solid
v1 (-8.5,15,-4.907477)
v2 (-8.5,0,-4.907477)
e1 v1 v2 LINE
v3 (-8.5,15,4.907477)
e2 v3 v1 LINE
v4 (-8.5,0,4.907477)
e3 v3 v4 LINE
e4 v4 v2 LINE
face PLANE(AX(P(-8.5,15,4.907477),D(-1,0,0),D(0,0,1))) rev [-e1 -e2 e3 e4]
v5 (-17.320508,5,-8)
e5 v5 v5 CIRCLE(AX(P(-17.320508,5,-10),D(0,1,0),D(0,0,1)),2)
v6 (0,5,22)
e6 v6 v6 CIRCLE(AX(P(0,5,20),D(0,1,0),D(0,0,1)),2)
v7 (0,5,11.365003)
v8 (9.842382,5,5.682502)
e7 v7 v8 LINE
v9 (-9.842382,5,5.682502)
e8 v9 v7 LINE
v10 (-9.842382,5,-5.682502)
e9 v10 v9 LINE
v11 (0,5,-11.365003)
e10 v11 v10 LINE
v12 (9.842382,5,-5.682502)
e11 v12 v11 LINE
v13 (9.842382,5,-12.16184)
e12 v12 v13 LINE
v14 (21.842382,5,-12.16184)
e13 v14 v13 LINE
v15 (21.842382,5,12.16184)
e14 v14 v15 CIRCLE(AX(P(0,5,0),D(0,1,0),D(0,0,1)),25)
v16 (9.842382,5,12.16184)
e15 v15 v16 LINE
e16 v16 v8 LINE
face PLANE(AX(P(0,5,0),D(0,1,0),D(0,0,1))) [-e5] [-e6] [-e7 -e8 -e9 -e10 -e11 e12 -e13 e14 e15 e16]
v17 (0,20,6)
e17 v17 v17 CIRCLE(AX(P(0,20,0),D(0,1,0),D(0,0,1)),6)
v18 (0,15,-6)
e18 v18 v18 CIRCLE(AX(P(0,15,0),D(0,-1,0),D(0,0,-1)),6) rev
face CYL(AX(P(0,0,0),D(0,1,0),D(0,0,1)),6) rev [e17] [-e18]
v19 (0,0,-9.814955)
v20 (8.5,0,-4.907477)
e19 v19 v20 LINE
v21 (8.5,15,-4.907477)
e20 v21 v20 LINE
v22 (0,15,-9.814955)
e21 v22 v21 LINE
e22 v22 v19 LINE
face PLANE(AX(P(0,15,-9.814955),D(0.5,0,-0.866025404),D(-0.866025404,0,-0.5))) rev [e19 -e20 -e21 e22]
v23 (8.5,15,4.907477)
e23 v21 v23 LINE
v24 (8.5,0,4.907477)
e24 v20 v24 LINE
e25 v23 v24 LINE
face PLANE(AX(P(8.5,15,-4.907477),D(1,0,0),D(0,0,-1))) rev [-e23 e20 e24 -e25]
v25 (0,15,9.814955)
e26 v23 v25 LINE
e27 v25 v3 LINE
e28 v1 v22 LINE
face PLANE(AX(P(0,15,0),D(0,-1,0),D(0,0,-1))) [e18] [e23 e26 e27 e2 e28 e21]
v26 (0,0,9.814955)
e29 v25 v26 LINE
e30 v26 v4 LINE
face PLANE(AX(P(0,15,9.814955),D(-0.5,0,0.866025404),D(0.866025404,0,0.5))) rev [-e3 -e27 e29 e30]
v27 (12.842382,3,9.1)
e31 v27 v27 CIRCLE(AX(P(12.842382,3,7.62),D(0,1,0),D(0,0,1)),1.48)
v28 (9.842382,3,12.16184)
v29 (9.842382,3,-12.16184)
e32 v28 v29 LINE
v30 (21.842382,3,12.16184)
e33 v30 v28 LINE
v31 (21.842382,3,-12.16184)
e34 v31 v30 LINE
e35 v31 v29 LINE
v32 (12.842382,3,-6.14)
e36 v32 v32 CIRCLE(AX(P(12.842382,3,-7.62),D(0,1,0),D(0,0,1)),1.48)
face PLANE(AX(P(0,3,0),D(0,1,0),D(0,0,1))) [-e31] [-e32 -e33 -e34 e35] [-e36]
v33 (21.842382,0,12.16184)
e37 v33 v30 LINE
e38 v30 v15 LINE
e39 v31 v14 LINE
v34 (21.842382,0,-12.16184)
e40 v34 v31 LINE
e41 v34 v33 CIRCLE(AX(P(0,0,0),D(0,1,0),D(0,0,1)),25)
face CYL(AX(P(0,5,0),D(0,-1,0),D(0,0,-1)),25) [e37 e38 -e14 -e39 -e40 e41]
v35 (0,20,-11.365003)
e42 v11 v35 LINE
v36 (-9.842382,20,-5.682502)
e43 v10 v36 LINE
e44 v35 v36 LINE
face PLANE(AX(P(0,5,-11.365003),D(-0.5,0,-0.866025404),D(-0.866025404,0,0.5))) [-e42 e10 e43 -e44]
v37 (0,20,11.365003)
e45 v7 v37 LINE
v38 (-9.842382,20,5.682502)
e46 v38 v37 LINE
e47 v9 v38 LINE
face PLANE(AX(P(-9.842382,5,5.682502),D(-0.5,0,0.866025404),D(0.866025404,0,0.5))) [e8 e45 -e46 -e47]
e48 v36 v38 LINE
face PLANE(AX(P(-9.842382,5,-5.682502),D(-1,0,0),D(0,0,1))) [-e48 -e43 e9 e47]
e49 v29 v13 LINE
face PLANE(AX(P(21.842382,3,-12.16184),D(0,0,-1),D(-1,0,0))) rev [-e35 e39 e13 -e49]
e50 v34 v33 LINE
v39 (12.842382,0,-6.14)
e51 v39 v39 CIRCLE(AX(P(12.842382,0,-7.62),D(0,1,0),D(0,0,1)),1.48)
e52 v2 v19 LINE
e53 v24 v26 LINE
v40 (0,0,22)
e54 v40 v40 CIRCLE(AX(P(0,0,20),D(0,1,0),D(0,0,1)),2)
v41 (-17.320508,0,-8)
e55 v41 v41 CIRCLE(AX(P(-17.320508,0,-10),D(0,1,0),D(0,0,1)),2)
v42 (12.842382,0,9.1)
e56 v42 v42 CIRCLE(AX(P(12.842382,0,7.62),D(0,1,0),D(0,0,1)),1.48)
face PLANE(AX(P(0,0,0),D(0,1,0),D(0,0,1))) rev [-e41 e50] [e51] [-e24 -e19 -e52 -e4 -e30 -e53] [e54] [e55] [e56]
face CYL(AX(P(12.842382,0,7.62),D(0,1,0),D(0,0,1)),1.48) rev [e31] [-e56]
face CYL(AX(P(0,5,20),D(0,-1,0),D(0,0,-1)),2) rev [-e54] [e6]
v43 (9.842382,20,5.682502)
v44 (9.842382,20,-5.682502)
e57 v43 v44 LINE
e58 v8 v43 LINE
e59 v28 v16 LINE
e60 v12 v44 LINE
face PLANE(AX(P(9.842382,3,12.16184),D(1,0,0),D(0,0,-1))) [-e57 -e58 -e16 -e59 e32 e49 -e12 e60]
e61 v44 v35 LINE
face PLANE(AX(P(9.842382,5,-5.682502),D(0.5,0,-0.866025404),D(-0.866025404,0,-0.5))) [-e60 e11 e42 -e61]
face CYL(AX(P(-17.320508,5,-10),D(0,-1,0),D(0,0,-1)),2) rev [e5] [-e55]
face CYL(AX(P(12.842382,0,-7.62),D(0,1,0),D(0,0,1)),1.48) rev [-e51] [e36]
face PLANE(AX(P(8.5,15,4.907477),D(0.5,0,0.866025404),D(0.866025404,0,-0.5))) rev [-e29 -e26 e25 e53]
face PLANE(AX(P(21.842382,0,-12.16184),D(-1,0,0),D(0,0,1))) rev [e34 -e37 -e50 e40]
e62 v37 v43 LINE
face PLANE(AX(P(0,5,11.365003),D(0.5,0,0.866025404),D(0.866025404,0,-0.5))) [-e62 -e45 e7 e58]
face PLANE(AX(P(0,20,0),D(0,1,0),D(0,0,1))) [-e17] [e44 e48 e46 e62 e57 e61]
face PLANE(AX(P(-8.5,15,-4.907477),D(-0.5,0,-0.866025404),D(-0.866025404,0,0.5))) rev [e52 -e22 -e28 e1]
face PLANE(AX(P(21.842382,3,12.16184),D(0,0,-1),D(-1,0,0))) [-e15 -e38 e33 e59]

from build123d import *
from build123d.topology import SkipClean

# Parameters (mm, degrees)
SKETCH_1_R           = 25
SKETCH_1_R_2         = 2
SKETCH_1_R_3         = 15
EXTRUDE_1_DEPTH      = 5
EXTRUDE_START        = -5
EXTRUDE_2_DEPTH      = 5
CUT_EXTRUDE_START    = -5
SKETCH_3_R           = 1.48
CUT_EXTRUDE_1_DEPTH  = 5
SKETCH_4_W           = 8.547618338
SKETCH_4_H           = 20.32
SKETCH_4_R           = 1.48
SKETCH_4_R_2         = 1.532611102
EXTRUDE_3_DEPTH      = 25
SKETCH_5_R           = 1.48
EXTRUDE_4_DEPTH      = 15
SKETCH_6_W           = 8.547618338
SKETCH_6_H           = 20.32
CUT_EXTRUDE_2_DEPTH  = 10
CUT_EXTRUDE_START_2  = -15
SKETCH_7_R           = 1.48
SKETCH_7_R_2         = 1.532611102
CUT_EXTRUDE_3_DEPTH  = 15
EXTRUDE_5_DEPTH      = 15
SKETCH_9_W           = 8.547618338
SKETCH_9_H           = 20.32
CUT_EXTRUDE_4_DEPTH  = 20
SKETCH_10_W          = 8.54761834
SKETCH_10_H          = 20.32
EXTRUDE_6_DEPTH      = 10
EXTRUDE_7_DEPTH      = 5
CUT_EXTRUDE_5_DEPTH  = 30
SKETCH_13_R          = 15
SKETCH_13_R_2        = 6.5
EXTRUDE_8_DEPTH      = 5
SKETCH_14_R          = 1.48
CUT_EXTRUDE_6_DEPTH  = 5
SKETCH_15_W          = 14.772216158
SKETCH_15_H          = 22.255287634
CUT_EXTRUDE_7_DEPTH  = 15
SKETCH_16_R          = 6.5
SKETCH_16_R_2        = 6
EXTRUDE_9_DEPTH      = 5
CUT_EXTRUDE_START_3  = -2
SKETCH_17_W          = 6.857896117
SKETCH_17_H          = 20.32
SKETCH_17_R          = 1.48
CUT_EXTRUDE_8_DEPTH  = 2
CUT_EXTRUDE_9_DEPTH  = 2
SKETCH_19_W          = 12
SKETCH_19_H          = 24.323680916
CUT_EXTRUDE_10_DEPTH = 2
EXTRUDE_START_2      = -3
SKETCH_20_R          = 2
EXTRUDE_10_DEPTH     = 3
SKETCH_21_R          = 1.48
CUT_EXTRUDE_11_DEPTH = 3
SKETCH_22_W          = 10.536991634
SKETCH_22_H          = 24.323680916
CUT_EXTRUDE_12_DEPTH = 3
SKETCH_23_R          = 9.842381662
SKETCH_23_R_2        = 6
EXTRUDE_11_DEPTH     = 15
CUT_EXTRUDE_13_DEPTH = 15
EXTRUDE_START_3      = -15
SKETCH_25_R          = 6
EXTRUDE_12_DEPTH     = 15
CUT_EXTRUDE_14_DEPTH = 15


with BuildPart() as part:
    # 草图1 → 凸台-拉伸1 (new body)
    with BuildSketch(Plane(origin=(0, 0, 0), x_dir=(1, 0, 0), z_dir=(0, 1, 0))):
        with Locations(Location((0, 0, 0), (0, 0, 270))):
            Circle(SKETCH_1_R)
        with Locations(Location((-17.320508076, 10, 0), (0, 0, 270))):
            Circle(SKETCH_1_R_2, mode=Mode.SUBTRACT)
        with Locations(Location((17.320508076, 10, 0), (0, 0, 270))):
            Circle(SKETCH_1_R_2, mode=Mode.SUBTRACT)
        with Locations(Location((0, -20, 0), (0, 0, 270))):
            Circle(SKETCH_1_R_2, mode=Mode.SUBTRACT)
        with Locations(Location((0, 0, 0), (0, 0, 270))):
            Circle(SKETCH_1_R_3, mode=Mode.SUBTRACT)
    extrude(amount=EXTRUDE_1_DEPTH)

    # 草图2 → 凸台-拉伸2 (add)
    with BuildSketch(Plane(origin=(0, 5, 0), x_dir=(1, 0, 0), z_dir=(0, 1, 0)).offset(EXTRUDE_START)):
        with BuildLine():
            Line((-22.842381662, 10.16), (-31.39, 10.16))
            Line((-31.39, 10.16), (-31.39, -10.16))
            Line((-31.39, -10.16), (-22.842381662, -10.16))
            ThreePointArc((-22.842381662, -10.16), (-23.266520659, -9.147076932), (-23.645768039, -8.116505025))
            ThreePointArc((-23.645768039, -8.116505025), (-26.455891038, -8.05087419), (-24.158684413, -6.431016049))
            ThreePointArc((-24.158684413, -6.431016049), (-25, 0), (-24.158684413, 6.431016049))
            ThreePointArc((-24.158684413, 6.431016049), (-26.455891038, 8.05087419), (-23.645768039, 8.116505025))
            ThreePointArc((-23.645768039, 8.116505025), (-23.266520659, 9.147076932), (-22.842381662, 10.16))
        make_face()
        with BuildLine():
            Line((-22.842381662, -10.16), (-22.842381662, 10.16))
            ThreePointArc((-22.842381662, 10.16), (-23.266520659, 9.147076932), (-23.645768039, 8.116505025))
            ThreePointArc((-23.645768039, 8.116505025), (-23.581599626, 7.871929254), (-23.56, 7.62))
            ThreePointArc((-23.56, 7.62), (-23.718117428, 6.954397667), (-24.158684413, 6.431016049))
            ThreePointArc((-24.158684413, 6.431016049), (-25, 0), (-24.158684413, -6.431016049))
            ThreePointArc((-24.158684413, -6.431016049), (-23.718117428, -6.954397667), (-23.56, -7.62))
            ThreePointArc((-23.56, -7.62), (-23.581599626, -7.871929254), (-23.645768039, -8.116505025))
            ThreePointArc((-23.645768039, -8.116505025), (-23.266520659, -9.147076932), (-22.842381662, -10.16))
        make_face()
    extrude(amount=EXTRUDE_2_DEPTH)

    # 草图3 → 切除-拉伸1 (cut)
    with BuildSketch(Plane(origin=(0, 5, 0), x_dir=(1, 0, 0), z_dir=(0, 1, 0)).offset(CUT_EXTRUDE_START)):
        with Locations(Location((-25.04, 7.62, 0), (0, 0, 270))):
            Circle(SKETCH_3_R)
        with Locations(Location((-25.04, -7.62, 0), (0, 0, 270))):
            Circle(SKETCH_3_R)
    extrude(amount=CUT_EXTRUDE_1_DEPTH, mode=Mode.SUBTRACT)

    # 草图4 → 凸台-拉伸3 (add)
    with SkipClean():  # the faces are left unmerged after this step: merging them gives an invalid solid
        with BuildSketch(Plane(origin=(0, 5, 0), x_dir=(1, 0, 0), z_dir=(0, 1, 0))):
            with Locations((-27.116190831, 0)):
                Rectangle(SKETCH_4_W, SKETCH_4_H)
            with Locations(Location((-25.04, 7.62, 0), (0, 0, 270))):
                Circle(SKETCH_4_R, mode=Mode.SUBTRACT)
            with Locations(Location((-25.04, -7.62, 0), (0, 0, 270))):
                Circle(SKETCH_4_R_2, mode=Mode.SUBTRACT)
        extrude(amount=EXTRUDE_3_DEPTH)

    # 草图5 → 凸台-拉伸4 (add)
    with BuildSketch(Plane.XZ):
        with Locations(Location((-25.04, 7.62, 0), (0, 0, 270))):
            Circle(SKETCH_5_R)
        with Locations(Location((-25.04, -7.62, 0), (0, 0, 90))):
            Circle(SKETCH_5_R)
    extrude(amount=-EXTRUDE_4_DEPTH)

    # 草图6 → 切除-拉伸2 (cut)
    with BuildSketch(Plane(origin=(0, 30, 0), x_dir=(1, 0, 0), z_dir=(0, 1, 0))):
        with Locations((-27.116190831, 0)):
            Rectangle(SKETCH_6_W, SKETCH_6_H)
    extrude(amount=-CUT_EXTRUDE_2_DEPTH, mode=Mode.SUBTRACT)

    # 草图7 → 切除-拉伸3 (cut)
    with BuildSketch(Plane(origin=(0, 20, 0), x_dir=(1, 0, 0), z_dir=(0, 1, 0)).offset(CUT_EXTRUDE_START_2)):
        with Locations(Location((-25.04, 7.62, 0), (0, 0, 270))):
            Circle(SKETCH_7_R)
        with Locations(Location((-25.04, -7.62, 0), (0, 0, 270))):
            Circle(SKETCH_7_R_2)
    extrude(amount=CUT_EXTRUDE_3_DEPTH, mode=Mode.SUBTRACT)

    # 草图8 → 凸台-拉伸5 (add)
    with BuildSketch(Plane(origin=(0, 5, 0), x_dir=(1, 0, 0), z_dir=(0, 1, 0))):
        with BuildLine():
            Line((31.390000002, 10.16), (22.842381662, 10.16))
            ThreePointArc((22.842381662, 10.16), (23.266520659, 9.147076932), (23.645768039, 8.116505025))
            ThreePointArc((23.645768039, 8.116505025), (25.291929254, 9.078400374), (26.52, 7.62))
            ThreePointArc((26.52, 7.62), (25.705602333, 6.298117428), (24.158684413, 6.431016049))
            ThreePointArc((24.158684413, 6.431016049), (25, 0), (24.158684413, -6.431016049))
            ThreePointArc((24.158684413, -6.431016049), (25.705602333, -6.298117428), (26.52, -7.62))
            ThreePointArc((26.52, -7.62), (25.291929254, -9.078400374), (23.645768039, -8.116505025))
            ThreePointArc((23.645768039, -8.116505025), (23.266520659, -9.147076932), (22.842381662, -10.16))
            Line((22.842381662, -10.16), (31.390000002, -10.16))
            Line((31.390000002, -10.16), (31.390000002, 10.16))
        make_face()
        with BuildLine():
            ThreePointArc((23.645768039, 8.116505025), (23.266520659, 9.147076932), (22.842381662, 10.16))
            Line((22.842381662, 10.16), (22.842381662, -10.16))
            ThreePointArc((22.842381662, -10.16), (23.266520659, -9.147076932), (23.645768039, -8.116505025))
            ThreePointArc((23.645768039, -8.116505025), (23.624108962, -7.18912581), (24.158684413, -6.431016049))
            ThreePointArc((24.158684413, -6.431016049), (25, 0), (24.158684413, 6.431016049))
            ThreePointArc((24.158684413, 6.431016049), (23.624108962, 7.18912581), (23.645768039, 8.116505025))
        make_face()
    extrude(amount=EXTRUDE_5_DEPTH)

    # 草图9 → 切除-拉伸4 (cut)
    with BuildSketch(Plane(origin=(0, 20, 0), x_dir=(1, 0, 0), z_dir=(0, 1, 0))):
        with Locations((-27.116190831, 0)):
            Rectangle(SKETCH_9_W, SKETCH_9_H)
    extrude(amount=-CUT_EXTRUDE_4_DEPTH, mode=Mode.SUBTRACT)

    # 草图10 → 凸台-拉伸6 (add)
    with BuildSketch(Plane.XZ):
        with Locations((27.116190832, 0)):
            Rectangle(SKETCH_10_W, SKETCH_10_H)
    extrude(amount=-EXTRUDE_6_DEPTH)

    # 草图11 → 凸台-拉伸7 (add)
    with BuildSketch(Plane(origin=(0, 5, 0), x_dir=(1, 0, 0), z_dir=(0, 1, 0)).offset(EXTRUDE_START)):
        with BuildLine():
            Line((-22.842381662, -10.16), (-22.842381662, 10.16))
            ThreePointArc((-22.842381662, 10.16), (-25, 0), (-22.842381662, -10.16))
        make_face()
    extrude(amount=EXTRUDE_7_DEPTH)

    # 草图12 → 切除-拉伸5 (cut)
    with BuildSketch(Plane.XZ):
        with BuildLine():
            ThreePointArc((29.700277779, 10.16), (30.964688111, 5.149775752), (31.390000002, 0))
            Line((31.390000002, 0), (31.390000002, 10.16))
            Line((31.390000002, 10.16), (29.700277779, 10.16))
        make_face()
        with BuildLine():
            ThreePointArc((31.390000002, 0), (30.964688111, -5.149775752), (29.700277779, -10.16))
            Line((29.700277779, -10.16), (31.390000002, -10.16))
            Line((31.390000002, -10.16), (31.390000002, 0))
        make_face()
    extrude(amount=-CUT_EXTRUDE_5_DEPTH, mode=Mode.SUBTRACT)

    # 草图13 → 凸台-拉伸8 (add)
    with BuildSketch(Plane.XZ):
        Circle(SKETCH_13_R)
        with Locations(Location((0, 0, 0), (0, 0, 270))):
            Circle(SKETCH_13_R_2, mode=Mode.SUBTRACT)
    extrude(amount=-EXTRUDE_8_DEPTH)

    # 草图14 → 切除-拉伸6 (cut)
    with BuildSketch(Plane(origin=(0, 5, 0), x_dir=(1, 0, 0), z_dir=(0, 1, 0)).offset(CUT_EXTRUDE_START)):
        with Locations(Location((25.04, 7.62, 0), (0, 0, 270))):
            Circle(SKETCH_14_R)
        with Locations(Location((25.04, -7.62, 0), (0, 0, 270))):
            Circle(SKETCH_14_R)
    extrude(amount=CUT_EXTRUDE_6_DEPTH, mode=Mode.SUBTRACT)

    # 草图15 → 切除-拉伸7 (cut)
    with BuildSketch(Plane(origin=(0, 20, 0), x_dir=(1, 0, 0), z_dir=(0, 1, 0))):
        with Locations((30.228489741, -0.967643817)):
            Rectangle(SKETCH_15_W, SKETCH_15_H)
    extrude(amount=-CUT_EXTRUDE_7_DEPTH, mode=Mode.SUBTRACT)

    # 草图16 → 凸台-拉伸9 (add)
    with BuildSketch(Plane(origin=(0, 5, 0), x_dir=(1, 0, 0), z_dir=(0, 1, 0)).offset(EXTRUDE_START)):
        Circle(SKETCH_16_R)
        with Locations(Location((0, 0, 0), (0, 0, 270))):
            Circle(SKETCH_16_R_2, mode=Mode.SUBTRACT)
    extrude(amount=EXTRUDE_9_DEPTH)

    # 草图17 → 切除-拉伸8 (cut)
    # profile 1 of 3: a face of its own
    with BuildSketch(Plane(origin=(0, 5, 0), x_dir=(1, 0, 0), z_dir=(0, 1, 0)).offset(CUT_EXTRUDE_START_3)):
        with Locations((26.27132972, 0)):
            Rectangle(SKETCH_17_W, SKETCH_17_H)
        with Locations(Location((25.04, 7.62, 0), (0, 0, 270))):
            Circle(SKETCH_17_R, mode=Mode.SUBTRACT)
        with Locations(Location((25.04, -7.62, 0), (0, 0, 270))):
            Circle(SKETCH_17_R, mode=Mode.SUBTRACT)
    # profile 2 of 3: a face of its own
    with BuildSketch(Plane(origin=(0, 5, 0), x_dir=(1, 0, 0), z_dir=(0, 1, 0)).offset(CUT_EXTRUDE_START_3)):
        with BuildLine():
            Line((33.817210561, 10.16), (33.817210561, -10.16))
            Line((33.817210561, -10.16), (29.700277779, -10.16))
            ThreePointArc((29.700277779, -10.16), (31.390000002, 0), (29.700277779, 10.16))
            Line((29.700277779, 10.16), (33.817210561, 10.16))
        make_face()
    # profile 3 of 3: a face of its own
    with BuildSketch(Plane(origin=(0, 5, 0), x_dir=(1, 0, 0), z_dir=(0, 1, 0)).offset(CUT_EXTRUDE_START_3)):
        with BuildLine():
            Line((29.700277779, -10.16), (29.700277779, 10.16))
            ThreePointArc((29.700277779, 10.16), (31.390000002, 0), (29.700277779, -10.16))
        make_face()
    extrude(amount=CUT_EXTRUDE_8_DEPTH, mode=Mode.SUBTRACT)

    # 草图18 → 切除-拉伸9 (cut)
    with BuildSketch(Plane(origin=(0, 5, 0), x_dir=(1, 0, 0), z_dir=(0, 1, 0)).offset(CUT_EXTRUDE_START_3)):
        with BuildLine():
            Line((21.842381662, 0), (22.842381662, 0))
            Line((22.842381662, 0), (22.842381662, 10.16))
            ThreePointArc((22.842381662, 10.16), (22.364790624, 11.172114409), (21.842381662, 12.161840458))
            Line((21.842381662, 12.161840458), (21.842381662, 0))
        make_face()
        with BuildLine():
            Line((22.842381662, -10.16), (22.842381662, 0))
            Line((22.842381662, 0), (21.842381662, 0))
            Line((21.842381662, 0), (21.842381662, -12.161840458))
            ThreePointArc((21.842381662, -12.161840458), (22.364790624, -11.172114409), (22.842381662, -10.16))
        make_face()
    extrude(amount=CUT_EXTRUDE_9_DEPTH, mode=Mode.SUBTRACT)

    # 草图19 → 切除-拉伸10 (cut)
    with BuildSketch(Plane(origin=(0, 5, 0), x_dir=(1, 0, 0), z_dir=(0, 1, 0))):
        with Locations((15.842381662, 0)):
            Rectangle(SKETCH_19_W, SKETCH_19_H)
    extrude(amount=-CUT_EXTRUDE_10_DEPTH, mode=Mode.SUBTRACT)

    # 草图20 → 凸台-拉伸10 (add)
    with BuildSketch(Plane(origin=(0, 3, 0), x_dir=(1, 0, 0), z_dir=(0, 1, 0)).offset(EXTRUDE_START_2)):
        with Locations((17.320508076, 10)):
            Circle(SKETCH_20_R)
    extrude(amount=EXTRUDE_10_DEPTH)

    # 草图21 → 切除-拉伸11 (cut)
    with BuildSketch(Plane(origin=(0, 3, 0), x_dir=(1, 0, 0), z_dir=(0, 1, 0))):
        with Locations(Location((12.842381662, 7.62, 0), (0, 0, 270))):
            Circle(SKETCH_21_R)
        with Locations(Location((12.842381662, -7.62, 0), (0, 0, 270))):
            Circle(SKETCH_21_R)
    extrude(amount=-CUT_EXTRUDE_11_DEPTH, mode=Mode.SUBTRACT)

    # 草图22 → 切除-拉伸12 (cut)
    with BuildSketch(Plane(origin=(0, 3, 0), x_dir=(1, 0, 0), z_dir=(0, 1, 0))):
        with Locations((27.110877479, 0)):
            Rectangle(SKETCH_22_W, SKETCH_22_H)
    extrude(amount=-CUT_EXTRUDE_12_DEPTH, mode=Mode.SUBTRACT)

    # 草图23 → 凸台-拉伸11 (add)
    with BuildSketch(Plane(origin=(0, 5, 0), x_dir=(1, 0, 0), z_dir=(0, 1, 0))):
        Circle(SKETCH_23_R)
        with Locations(Location((0, 0, 0), (0, 0, 270))):
            Circle(SKETCH_23_R_2, mode=Mode.SUBTRACT)
    extrude(amount=EXTRUDE_11_DEPTH)

    # 草图24 → 切除-拉伸13 (cut)
    with BuildSketch(Plane.XZ):
        Polygon((8.5, 4.907477288), (0, 9.814954576), (-8.5, 4.907477288), (-8.5, -4.907477288), (0, -9.814954576), (8.5, -4.907477288), align=None)
    extrude(amount=-CUT_EXTRUDE_13_DEPTH, mode=Mode.SUBTRACT)

    # 草图25 → 凸台-拉伸12 (add)
    with BuildSketch(Plane(origin=(0, 20, 0), x_dir=(1, 0, 0), z_dir=(0, 1, 0)).offset(EXTRUDE_START_3)):
        Polygon((9.842381662, 5.682501702), (0, 11.365003404), (-9.842381662, 5.682501702), (-9.842381662, -5.682501702), (0, -11.365003404), (9.842381662, -5.682501702), align=None)
        with Locations(Location((0, 0, 0), (0, 0, 270))):
            Circle(SKETCH_25_R, mode=Mode.SUBTRACT)
    extrude(amount=EXTRUDE_12_DEPTH)

    # 草图27 → 切除-拉伸14 (cut)
    with BuildSketch(Plane.XZ):
        Polygon((0, 9.814954576), (-8.5, 4.907477288), (-8.5, -4.907477288), (0, -9.814954576), (8.5, -4.907477288), (8.5, 4.907477288), align=None)
    extrude(amount=-CUT_EXTRUDE_14_DEPTH, mode=Mode.SUBTRACT)


solid = part.part
